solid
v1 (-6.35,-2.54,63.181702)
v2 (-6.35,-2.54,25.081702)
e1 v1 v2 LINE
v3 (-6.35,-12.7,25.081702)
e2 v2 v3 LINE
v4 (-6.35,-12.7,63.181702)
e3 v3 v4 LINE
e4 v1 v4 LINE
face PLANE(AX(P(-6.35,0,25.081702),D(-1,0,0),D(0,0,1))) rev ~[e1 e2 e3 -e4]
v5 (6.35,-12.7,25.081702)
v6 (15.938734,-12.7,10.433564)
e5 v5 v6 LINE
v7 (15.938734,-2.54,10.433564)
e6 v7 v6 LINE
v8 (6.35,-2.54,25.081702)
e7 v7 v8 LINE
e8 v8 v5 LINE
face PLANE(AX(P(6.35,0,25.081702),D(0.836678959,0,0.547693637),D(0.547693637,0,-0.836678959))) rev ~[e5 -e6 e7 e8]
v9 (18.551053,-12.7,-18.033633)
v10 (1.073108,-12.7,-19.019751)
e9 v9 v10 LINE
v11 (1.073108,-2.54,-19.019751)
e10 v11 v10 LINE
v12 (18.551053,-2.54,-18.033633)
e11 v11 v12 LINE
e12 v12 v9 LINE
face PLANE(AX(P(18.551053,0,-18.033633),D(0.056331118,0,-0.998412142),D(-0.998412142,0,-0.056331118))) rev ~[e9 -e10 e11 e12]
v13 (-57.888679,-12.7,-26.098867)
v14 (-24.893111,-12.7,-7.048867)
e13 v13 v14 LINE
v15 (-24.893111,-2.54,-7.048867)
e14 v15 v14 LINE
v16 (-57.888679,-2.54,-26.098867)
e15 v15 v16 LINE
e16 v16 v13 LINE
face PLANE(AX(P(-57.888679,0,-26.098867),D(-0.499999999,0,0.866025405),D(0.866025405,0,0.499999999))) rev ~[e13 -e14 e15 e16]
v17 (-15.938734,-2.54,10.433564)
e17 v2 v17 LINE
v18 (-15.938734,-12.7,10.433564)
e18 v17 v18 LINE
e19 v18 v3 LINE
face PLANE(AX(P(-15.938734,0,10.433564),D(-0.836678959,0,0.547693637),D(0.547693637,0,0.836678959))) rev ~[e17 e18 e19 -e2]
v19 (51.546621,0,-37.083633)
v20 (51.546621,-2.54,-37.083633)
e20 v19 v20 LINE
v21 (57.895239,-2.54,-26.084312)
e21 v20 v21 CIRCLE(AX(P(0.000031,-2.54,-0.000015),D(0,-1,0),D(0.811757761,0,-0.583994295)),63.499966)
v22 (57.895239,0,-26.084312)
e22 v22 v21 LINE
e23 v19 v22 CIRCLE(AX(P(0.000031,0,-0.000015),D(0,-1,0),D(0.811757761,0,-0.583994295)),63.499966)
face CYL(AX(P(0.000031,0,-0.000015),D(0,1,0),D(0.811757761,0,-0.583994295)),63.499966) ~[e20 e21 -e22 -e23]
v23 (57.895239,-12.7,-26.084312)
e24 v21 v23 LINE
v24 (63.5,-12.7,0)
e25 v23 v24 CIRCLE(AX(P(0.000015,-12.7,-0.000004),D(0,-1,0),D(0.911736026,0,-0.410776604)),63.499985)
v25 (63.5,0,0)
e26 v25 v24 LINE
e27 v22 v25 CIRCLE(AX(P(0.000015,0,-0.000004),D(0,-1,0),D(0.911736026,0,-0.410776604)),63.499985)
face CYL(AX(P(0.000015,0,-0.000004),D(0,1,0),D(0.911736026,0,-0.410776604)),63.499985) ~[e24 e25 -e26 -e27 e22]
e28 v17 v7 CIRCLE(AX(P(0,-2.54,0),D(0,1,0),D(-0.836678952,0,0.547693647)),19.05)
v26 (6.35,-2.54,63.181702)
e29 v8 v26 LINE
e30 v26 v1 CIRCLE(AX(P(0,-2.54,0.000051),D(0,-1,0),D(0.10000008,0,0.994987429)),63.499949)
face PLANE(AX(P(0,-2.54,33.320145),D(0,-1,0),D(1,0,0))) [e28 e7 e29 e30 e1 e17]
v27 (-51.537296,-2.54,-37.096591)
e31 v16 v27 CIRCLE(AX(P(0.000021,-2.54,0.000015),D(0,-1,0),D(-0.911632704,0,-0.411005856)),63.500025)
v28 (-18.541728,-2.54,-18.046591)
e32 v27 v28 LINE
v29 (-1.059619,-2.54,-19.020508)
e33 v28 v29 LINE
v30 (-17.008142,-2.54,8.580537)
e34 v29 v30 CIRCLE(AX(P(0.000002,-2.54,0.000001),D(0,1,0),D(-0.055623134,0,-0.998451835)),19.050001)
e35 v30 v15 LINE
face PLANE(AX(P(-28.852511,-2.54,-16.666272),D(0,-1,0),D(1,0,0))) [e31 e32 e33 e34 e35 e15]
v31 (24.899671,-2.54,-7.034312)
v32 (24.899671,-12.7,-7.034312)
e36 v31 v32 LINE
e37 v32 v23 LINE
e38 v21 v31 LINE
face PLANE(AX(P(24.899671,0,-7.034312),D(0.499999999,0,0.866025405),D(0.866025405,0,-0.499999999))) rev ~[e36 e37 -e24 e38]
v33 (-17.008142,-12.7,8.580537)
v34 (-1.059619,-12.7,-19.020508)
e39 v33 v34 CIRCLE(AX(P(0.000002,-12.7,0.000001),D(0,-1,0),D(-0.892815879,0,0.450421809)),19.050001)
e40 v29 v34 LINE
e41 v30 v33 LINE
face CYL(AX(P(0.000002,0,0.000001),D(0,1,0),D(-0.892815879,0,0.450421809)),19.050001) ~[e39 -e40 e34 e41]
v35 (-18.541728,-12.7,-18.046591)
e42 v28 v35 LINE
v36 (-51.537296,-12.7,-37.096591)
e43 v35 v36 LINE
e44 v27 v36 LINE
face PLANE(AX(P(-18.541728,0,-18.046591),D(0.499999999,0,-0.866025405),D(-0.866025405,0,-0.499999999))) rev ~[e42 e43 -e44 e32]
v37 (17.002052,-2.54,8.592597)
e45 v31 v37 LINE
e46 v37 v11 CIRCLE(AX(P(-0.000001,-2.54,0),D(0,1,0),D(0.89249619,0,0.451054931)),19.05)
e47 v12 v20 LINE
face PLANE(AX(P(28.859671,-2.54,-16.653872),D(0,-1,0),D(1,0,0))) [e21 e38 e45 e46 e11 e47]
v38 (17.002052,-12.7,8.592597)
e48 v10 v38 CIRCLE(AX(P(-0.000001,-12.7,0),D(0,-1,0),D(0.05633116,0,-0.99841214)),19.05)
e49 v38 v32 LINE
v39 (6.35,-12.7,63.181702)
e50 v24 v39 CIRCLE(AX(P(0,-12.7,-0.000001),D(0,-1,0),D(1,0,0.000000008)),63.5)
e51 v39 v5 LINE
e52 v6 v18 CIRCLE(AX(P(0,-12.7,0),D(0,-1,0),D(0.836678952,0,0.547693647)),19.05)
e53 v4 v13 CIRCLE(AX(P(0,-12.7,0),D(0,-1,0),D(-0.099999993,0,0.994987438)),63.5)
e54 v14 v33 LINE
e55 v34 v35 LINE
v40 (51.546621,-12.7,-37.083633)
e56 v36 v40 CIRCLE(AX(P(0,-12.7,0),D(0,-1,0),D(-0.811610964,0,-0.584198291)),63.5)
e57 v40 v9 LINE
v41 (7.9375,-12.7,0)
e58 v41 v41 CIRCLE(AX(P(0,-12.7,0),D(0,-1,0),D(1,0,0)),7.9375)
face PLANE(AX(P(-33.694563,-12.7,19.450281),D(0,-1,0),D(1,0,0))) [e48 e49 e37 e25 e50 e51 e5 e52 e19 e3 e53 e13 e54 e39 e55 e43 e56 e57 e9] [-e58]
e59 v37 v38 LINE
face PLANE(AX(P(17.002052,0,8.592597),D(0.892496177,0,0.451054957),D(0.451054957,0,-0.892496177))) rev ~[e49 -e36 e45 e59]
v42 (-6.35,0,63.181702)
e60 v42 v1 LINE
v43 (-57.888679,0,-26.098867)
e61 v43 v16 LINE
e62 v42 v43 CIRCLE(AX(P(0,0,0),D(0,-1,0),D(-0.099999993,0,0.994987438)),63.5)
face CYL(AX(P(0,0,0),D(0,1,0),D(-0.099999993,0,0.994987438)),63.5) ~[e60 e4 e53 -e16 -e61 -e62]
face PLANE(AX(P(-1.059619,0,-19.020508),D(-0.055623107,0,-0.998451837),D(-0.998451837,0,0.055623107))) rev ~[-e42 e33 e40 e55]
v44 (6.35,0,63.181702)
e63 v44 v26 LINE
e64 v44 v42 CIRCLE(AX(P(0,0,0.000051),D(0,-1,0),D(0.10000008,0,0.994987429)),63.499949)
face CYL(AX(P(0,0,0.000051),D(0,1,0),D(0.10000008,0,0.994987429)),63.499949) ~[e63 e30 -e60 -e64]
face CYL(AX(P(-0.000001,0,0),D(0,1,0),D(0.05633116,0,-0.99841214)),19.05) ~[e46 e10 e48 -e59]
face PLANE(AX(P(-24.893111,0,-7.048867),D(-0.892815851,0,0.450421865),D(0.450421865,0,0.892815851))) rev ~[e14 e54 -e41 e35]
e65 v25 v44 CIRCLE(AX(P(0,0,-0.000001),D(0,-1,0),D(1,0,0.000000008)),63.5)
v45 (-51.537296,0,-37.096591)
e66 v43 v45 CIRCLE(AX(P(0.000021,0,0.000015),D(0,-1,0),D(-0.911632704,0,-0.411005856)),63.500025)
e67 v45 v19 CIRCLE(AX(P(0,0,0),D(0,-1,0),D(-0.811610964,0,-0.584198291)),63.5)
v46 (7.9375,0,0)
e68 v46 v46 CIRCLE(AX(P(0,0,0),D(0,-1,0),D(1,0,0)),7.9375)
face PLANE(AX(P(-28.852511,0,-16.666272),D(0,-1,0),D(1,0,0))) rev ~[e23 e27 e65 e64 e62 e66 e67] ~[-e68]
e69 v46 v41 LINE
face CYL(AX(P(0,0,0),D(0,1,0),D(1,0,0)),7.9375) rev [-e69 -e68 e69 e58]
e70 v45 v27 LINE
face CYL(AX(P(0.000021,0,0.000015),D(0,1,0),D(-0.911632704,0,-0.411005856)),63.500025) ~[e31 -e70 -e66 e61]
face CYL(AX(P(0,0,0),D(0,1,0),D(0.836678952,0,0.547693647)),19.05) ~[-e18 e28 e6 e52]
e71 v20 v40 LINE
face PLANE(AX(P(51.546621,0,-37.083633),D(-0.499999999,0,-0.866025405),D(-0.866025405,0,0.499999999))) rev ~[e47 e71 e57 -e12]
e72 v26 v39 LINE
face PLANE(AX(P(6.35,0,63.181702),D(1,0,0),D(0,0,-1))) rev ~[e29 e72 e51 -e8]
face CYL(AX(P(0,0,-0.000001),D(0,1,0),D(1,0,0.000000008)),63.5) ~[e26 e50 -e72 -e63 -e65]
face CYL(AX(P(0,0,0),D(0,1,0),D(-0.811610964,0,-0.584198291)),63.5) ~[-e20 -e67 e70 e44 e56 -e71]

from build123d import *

# Parameters (mm, degrees)
F0_R     = 7.9375
F1_DEPTH = 12.7
F2_DEPTH = 2.54


with BuildPart() as f1:
    # F0 (on Front) → F1 (new body)
    with BuildSketch(Plane.XZ):
        with BuildLine():
            Line((-6.35, 25.081702), (-6.35, 63.181702))
            ThreePointArc((-6.35, 63.181702), (-54.994609, 31.746543), (-57.888679, -26.098867))
            Line((-57.888679, -26.098867), (-24.893111, -7.048867))
            Line((-24.893111, -7.048867), (-17.008142, 8.580537))
            ThreePointArc((-17.008142, 8.580537), (-16.499472, 9.522075), (-15.938734, 10.433564))
            Line((-15.938734, 10.433564), (-6.35, 25.081702))
        make_face()
        with BuildLine():
            ThreePointArc((-51.537296, -37.096591), (0.007982, -63.499999), (51.546621, -37.083633))
            Line((51.546621, -37.083633), (18.551053, -18.033633))
            Line((18.551053, -18.033633), (1.073108, -19.019751))
            ThreePointArc((1.073108, -19.019751), (0.006755, -19.049999), (-1.059619, -19.020508))
            Line((-1.059619, -19.020508), (-18.541728, -18.046591))
            Line((-18.541728, -18.046591), (-51.537296, -37.096591))
        make_face()
        with BuildLine():
            ThreePointArc((17.002052, 8.592597), (16.496095, 9.527925), (15.938734, 10.433564))
            ThreePointArc((15.938734, 10.433564), (0, 19.05), (-15.938734, 10.433564))
            ThreePointArc((-15.938734, 10.433564), (-16.499472, 9.522075), (-17.008142, 8.580537))
            ThreePointArc((-17.008142, 8.580537), (-16.494405, -9.530849), (-1.059619, -19.020508))
            ThreePointArc((-1.059619, -19.020508), (0.006755, -19.049999), (1.073108, -19.019751))
            ThreePointArc((1.073108, -19.019751), (16.50116, -9.519149), (17.002052, 8.592597))
        make_face()
        Circle(F0_R, mode=Mode.SUBTRACT)
        with BuildLine():
            ThreePointArc((57.895239, -26.084312), (62.083, -13.339834), (63.5, 0))
            ThreePointArc((63.5, 0), (47.09286, 42.597095), (6.35, 63.181702))
            Line((6.35, 63.181702), (6.35, 25.081702))
            Line((6.35, 25.081702), (15.938734, 10.433564))
            ThreePointArc((15.938734, 10.433564), (16.496095, 9.527925), (17.002052, 8.592597))
            Line((17.002052, 8.592597), (24.899671, -7.034312))
            Line((24.899671, -7.034312), (57.895239, -26.084312))
        make_face()
    extrude(amount=F1_DEPTH)

    # F0 (on Front) → F2 (join)
    with BuildSketch(Plane.XZ):
        with BuildLine():
            Line((-24.893111, -7.048867), (-57.888679, -26.098867))
            ThreePointArc((-57.888679, -26.098867), (-54.988621, -31.756913), (-51.537296, -37.096591))
            Line((-51.537296, -37.096591), (-18.541728, -18.046591))
            Line((-18.541728, -18.046591), (-1.059619, -19.020508))
            ThreePointArc((-1.059619, -19.020508), (-16.494405, -9.530849), (-17.008142, 8.580537))
            Line((-17.008142, 8.580537), (-24.893111, -7.048867))
        make_face()
        with BuildLine():
            ThreePointArc((51.546621, -37.083633), (54.996604, -31.743087), (57.895239, -26.084312))
            Line((57.895239, -26.084312), (24.899671, -7.034312))
            Line((24.899671, -7.034312), (17.002052, 8.592597))
            ThreePointArc((17.002052, 8.592597), (16.50116, -9.519149), (1.073108, -19.019751))
            Line((1.073108, -19.019751), (18.551053, -18.033633))
            Line((18.551053, -18.033633), (51.546621, -37.083633))
        make_face()
        with BuildLine():
            Line((6.35, 25.081702), (6.35, 63.181702))
            ThreePointArc((6.35, 63.181702), (0, 63.5), (-6.35, 63.181702))
            Line((-6.35, 63.181702), (-6.35, 25.081702))
            Line((-6.35, 25.081702), (-15.938734, 10.433564))
            ThreePointArc((-15.938734, 10.433564), (0, 19.05), (15.938734, 10.433564))
            Line((15.938734, 10.433564), (6.35, 25.081702))
        make_face()
    extrude(amount=F2_DEPTH)


solid = f1.part
